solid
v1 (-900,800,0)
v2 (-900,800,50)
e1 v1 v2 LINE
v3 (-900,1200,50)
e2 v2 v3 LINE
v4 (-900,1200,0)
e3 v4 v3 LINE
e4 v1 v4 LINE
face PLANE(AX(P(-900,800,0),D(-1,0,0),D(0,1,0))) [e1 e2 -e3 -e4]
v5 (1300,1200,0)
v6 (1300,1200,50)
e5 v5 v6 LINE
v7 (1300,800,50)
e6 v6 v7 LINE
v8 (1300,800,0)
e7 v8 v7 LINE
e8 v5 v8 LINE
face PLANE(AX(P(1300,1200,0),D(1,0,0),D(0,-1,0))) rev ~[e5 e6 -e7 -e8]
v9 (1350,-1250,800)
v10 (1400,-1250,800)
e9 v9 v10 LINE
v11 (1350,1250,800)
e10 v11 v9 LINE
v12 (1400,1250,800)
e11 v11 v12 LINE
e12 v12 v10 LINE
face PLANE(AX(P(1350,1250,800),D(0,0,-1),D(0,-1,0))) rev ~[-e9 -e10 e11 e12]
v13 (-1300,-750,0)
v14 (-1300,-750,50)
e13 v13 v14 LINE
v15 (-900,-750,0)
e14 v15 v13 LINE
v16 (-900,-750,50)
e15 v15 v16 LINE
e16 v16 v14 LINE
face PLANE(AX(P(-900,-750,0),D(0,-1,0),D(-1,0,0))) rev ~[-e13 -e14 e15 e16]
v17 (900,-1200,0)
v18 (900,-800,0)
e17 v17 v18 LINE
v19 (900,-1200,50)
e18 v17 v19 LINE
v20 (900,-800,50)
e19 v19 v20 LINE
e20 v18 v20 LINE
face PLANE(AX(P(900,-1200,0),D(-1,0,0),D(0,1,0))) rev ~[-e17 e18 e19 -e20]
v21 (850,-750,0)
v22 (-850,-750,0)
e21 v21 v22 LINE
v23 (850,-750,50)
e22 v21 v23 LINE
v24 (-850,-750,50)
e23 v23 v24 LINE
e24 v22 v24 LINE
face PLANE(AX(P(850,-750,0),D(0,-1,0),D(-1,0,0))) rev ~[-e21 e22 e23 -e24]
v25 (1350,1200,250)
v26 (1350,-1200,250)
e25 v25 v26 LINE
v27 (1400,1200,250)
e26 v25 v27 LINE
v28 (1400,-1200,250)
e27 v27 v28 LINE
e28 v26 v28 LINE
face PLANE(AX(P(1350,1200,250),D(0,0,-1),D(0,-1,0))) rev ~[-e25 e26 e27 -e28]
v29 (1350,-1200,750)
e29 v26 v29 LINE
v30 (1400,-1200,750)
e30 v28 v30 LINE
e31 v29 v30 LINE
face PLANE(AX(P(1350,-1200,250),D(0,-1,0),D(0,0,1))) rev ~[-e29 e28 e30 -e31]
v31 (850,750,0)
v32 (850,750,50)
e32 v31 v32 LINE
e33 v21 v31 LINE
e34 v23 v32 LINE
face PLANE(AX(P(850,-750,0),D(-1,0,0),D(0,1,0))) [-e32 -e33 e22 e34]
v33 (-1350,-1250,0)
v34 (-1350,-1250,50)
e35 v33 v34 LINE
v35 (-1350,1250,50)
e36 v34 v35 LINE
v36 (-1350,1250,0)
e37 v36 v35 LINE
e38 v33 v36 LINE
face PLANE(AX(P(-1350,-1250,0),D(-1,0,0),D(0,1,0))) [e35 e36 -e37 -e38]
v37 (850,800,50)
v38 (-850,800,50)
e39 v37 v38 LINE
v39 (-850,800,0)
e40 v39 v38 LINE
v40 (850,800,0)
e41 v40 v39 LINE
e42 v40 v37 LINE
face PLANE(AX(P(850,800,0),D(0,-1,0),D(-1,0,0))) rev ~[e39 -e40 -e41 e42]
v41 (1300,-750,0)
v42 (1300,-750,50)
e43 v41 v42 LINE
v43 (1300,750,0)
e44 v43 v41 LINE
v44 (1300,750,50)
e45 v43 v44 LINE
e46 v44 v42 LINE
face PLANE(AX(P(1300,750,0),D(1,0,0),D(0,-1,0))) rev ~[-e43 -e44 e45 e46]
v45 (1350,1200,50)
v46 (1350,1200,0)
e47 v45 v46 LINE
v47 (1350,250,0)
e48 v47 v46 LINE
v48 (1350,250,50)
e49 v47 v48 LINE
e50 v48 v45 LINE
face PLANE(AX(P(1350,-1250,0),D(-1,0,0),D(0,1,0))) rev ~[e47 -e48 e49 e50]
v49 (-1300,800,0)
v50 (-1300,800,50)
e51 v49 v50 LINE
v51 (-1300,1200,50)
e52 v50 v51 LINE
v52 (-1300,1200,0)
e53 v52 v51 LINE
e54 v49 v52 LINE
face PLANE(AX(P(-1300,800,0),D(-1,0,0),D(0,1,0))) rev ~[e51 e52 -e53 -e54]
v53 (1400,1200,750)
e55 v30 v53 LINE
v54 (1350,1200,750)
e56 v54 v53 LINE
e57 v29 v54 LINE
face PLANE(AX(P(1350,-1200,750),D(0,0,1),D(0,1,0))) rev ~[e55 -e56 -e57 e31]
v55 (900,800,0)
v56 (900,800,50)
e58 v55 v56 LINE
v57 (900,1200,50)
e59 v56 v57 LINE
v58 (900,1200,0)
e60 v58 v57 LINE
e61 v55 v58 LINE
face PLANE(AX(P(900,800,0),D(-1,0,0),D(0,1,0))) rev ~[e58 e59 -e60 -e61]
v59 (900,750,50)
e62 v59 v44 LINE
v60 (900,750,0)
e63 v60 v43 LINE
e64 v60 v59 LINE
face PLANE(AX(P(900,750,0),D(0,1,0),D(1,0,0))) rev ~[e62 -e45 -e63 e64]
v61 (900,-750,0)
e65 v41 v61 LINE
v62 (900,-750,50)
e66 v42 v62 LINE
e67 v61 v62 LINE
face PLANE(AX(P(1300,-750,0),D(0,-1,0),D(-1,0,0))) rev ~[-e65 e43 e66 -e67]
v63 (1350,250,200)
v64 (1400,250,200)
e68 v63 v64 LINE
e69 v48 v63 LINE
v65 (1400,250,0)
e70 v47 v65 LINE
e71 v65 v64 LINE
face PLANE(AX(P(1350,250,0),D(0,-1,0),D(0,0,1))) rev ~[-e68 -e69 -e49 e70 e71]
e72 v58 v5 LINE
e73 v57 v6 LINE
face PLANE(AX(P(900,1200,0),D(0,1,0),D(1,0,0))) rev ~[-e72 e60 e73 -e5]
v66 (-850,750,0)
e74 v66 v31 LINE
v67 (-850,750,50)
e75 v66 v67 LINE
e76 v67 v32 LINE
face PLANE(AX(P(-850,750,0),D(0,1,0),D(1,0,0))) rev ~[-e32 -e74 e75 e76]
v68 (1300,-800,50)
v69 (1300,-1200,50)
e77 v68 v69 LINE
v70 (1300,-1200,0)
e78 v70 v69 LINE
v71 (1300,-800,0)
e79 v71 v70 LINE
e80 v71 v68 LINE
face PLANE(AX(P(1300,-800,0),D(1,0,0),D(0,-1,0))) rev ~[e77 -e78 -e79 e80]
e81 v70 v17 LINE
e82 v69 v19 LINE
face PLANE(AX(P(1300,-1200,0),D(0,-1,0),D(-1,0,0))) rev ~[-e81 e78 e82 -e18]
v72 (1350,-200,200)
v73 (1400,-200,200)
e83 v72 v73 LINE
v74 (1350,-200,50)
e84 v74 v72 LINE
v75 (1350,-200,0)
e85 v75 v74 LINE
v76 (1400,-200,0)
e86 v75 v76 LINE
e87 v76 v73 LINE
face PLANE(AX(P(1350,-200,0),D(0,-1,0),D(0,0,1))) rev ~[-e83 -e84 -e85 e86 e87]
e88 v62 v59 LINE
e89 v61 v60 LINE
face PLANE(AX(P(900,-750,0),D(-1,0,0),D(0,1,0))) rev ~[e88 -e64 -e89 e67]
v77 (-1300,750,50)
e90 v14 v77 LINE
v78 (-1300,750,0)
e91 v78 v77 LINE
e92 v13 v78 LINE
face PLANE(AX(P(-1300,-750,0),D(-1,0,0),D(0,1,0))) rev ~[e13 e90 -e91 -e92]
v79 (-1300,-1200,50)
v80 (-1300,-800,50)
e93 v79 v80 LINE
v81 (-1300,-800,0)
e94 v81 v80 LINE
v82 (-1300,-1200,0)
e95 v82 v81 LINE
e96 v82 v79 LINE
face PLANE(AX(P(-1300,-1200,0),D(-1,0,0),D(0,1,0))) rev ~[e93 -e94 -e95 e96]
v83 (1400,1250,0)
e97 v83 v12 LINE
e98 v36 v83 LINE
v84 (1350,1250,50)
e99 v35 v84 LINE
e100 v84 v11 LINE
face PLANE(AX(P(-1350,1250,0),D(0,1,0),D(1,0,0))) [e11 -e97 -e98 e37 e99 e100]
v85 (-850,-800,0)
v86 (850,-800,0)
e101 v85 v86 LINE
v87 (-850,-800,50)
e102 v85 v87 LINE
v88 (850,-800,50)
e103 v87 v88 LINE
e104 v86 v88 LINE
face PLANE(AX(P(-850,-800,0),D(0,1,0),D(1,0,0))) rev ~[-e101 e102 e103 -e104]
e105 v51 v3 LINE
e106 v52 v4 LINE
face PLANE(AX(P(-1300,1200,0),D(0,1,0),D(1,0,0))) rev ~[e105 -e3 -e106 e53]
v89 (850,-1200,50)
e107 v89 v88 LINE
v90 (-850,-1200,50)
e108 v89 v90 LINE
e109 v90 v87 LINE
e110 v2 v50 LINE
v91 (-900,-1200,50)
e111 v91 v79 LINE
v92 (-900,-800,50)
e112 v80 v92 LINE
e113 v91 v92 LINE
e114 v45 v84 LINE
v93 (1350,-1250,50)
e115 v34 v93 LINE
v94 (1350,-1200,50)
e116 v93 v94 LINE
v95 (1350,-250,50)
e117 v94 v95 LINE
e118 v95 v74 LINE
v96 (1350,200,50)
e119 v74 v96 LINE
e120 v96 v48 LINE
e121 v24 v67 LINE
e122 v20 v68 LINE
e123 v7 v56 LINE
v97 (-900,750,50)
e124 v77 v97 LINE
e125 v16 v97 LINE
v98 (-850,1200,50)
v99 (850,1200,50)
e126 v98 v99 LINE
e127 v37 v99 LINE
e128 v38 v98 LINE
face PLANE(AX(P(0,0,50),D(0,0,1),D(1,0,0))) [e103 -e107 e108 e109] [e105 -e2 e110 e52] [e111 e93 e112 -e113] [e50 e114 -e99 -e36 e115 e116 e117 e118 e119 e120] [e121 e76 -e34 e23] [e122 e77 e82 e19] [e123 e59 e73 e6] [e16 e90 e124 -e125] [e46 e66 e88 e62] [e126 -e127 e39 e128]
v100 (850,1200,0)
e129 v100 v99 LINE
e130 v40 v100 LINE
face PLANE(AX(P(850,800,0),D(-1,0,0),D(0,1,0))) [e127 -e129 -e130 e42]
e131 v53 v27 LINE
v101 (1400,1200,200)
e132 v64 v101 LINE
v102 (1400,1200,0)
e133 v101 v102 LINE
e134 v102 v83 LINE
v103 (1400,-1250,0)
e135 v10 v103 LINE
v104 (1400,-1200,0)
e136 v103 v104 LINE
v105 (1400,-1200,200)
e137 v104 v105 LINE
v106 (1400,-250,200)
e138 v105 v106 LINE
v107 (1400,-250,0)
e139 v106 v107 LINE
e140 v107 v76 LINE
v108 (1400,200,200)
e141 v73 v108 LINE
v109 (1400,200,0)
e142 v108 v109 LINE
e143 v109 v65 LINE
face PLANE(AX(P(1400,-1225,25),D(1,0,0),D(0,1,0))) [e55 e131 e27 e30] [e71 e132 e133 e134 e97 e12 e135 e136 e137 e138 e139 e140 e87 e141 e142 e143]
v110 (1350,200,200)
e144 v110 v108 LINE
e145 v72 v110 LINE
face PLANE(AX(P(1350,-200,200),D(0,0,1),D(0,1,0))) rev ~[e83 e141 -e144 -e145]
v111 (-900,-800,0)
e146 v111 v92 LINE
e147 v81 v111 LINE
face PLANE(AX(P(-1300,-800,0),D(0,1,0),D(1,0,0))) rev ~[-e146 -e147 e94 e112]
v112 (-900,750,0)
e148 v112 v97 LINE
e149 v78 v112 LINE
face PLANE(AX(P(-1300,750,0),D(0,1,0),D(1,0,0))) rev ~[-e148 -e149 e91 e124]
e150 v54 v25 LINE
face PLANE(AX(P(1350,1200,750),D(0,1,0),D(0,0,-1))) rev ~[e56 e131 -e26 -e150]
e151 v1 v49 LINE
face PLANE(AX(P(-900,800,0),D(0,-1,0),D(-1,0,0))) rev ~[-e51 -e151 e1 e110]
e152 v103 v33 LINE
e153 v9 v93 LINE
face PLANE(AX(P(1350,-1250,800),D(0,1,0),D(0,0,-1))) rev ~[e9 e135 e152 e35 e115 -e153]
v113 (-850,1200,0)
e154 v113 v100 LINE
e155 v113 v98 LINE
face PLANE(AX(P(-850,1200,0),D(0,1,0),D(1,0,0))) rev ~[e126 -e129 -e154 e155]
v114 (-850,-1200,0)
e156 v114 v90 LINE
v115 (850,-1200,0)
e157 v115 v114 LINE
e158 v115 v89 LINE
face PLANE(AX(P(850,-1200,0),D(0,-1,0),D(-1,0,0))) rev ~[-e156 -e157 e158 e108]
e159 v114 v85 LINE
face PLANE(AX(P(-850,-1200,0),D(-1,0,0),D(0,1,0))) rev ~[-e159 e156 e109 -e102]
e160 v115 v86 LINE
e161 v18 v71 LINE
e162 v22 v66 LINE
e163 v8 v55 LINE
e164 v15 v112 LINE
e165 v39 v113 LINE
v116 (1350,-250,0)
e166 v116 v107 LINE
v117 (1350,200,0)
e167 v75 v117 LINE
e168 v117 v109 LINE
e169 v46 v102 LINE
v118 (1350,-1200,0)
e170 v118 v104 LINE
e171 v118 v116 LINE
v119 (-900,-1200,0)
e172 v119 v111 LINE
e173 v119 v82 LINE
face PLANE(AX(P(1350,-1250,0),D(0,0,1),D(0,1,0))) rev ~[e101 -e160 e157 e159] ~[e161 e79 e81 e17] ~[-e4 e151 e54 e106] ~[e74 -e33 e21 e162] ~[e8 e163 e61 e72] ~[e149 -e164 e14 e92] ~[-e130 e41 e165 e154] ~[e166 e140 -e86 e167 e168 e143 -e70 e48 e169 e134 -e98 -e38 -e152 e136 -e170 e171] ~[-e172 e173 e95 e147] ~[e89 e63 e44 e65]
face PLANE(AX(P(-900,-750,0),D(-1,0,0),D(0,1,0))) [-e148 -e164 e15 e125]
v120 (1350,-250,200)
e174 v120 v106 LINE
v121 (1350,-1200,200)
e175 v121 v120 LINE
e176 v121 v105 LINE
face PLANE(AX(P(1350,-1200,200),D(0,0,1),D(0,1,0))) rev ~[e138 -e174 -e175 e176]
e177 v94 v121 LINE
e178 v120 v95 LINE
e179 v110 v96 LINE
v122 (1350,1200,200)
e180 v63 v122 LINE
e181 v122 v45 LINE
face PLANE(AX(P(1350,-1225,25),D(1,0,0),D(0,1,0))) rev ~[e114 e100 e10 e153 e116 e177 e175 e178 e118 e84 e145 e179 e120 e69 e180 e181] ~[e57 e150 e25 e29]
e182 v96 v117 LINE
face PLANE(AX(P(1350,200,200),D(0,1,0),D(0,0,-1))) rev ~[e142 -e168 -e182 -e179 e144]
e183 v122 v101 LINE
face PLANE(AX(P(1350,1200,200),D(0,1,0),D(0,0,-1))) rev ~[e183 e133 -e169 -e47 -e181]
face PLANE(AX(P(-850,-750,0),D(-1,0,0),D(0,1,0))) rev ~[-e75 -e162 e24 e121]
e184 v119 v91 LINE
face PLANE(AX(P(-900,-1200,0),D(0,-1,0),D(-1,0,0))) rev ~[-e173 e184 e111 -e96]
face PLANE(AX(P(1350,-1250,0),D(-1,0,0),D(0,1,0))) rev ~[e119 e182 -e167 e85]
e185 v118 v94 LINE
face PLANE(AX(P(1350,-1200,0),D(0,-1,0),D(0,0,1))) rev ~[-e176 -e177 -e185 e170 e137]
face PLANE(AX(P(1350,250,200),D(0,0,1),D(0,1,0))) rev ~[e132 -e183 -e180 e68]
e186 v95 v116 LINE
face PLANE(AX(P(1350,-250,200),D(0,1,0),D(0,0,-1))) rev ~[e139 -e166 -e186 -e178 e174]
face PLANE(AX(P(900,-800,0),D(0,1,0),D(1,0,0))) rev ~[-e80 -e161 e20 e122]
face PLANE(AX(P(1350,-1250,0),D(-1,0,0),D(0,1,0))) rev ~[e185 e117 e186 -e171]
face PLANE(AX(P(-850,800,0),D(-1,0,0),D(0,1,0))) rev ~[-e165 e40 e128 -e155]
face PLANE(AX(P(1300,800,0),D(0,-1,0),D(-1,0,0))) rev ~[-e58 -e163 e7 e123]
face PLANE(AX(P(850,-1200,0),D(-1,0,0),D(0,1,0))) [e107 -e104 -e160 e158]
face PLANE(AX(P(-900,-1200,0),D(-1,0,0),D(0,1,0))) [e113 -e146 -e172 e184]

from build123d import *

# Parameters (mm, degrees)
F0_W     = 2700
F0_H     = 2500
F0_W_2   = 50
F0_H_2   = 400
F0_H_3   = 1500
F1_DEPTH = 50
F2_W     = 50
F2_H     = 50
F2_H_2   = 150
F3_DEPTH = 50


with BuildPart() as f1:
    # F0 (on Top) → F1 (new body)
    with BuildSketch(Plane.XY):
        Rectangle(F0_W, F0_H)
        Polygon((900, 1200), (1300, 1200), (1300, 800), (1300, 750), (1300, -750), (1300, -800), (1300, -1200), (900, -1200), (850, -1200), (-850, -1200), (-900, -1200), (-1300, -1200), (-1300, -800), (-1300, -750), (-1300, 750), (-1300, 800), (-1300, 1200), (-900, 1200), (-850, 1200), (850, 1200), align=None, mode=Mode.SUBTRACT)
        with Locations((-875, 1000)):
            Rectangle(F0_W_2, F0_H_2)
        Polygon((1300, 750), (1300, 800), (900, 800), (850, 800), (-850, 800), (-900, 800), (-1300, 800), (-1300, 750), (-900, 750), (-850, 750), (850, 750), (900, 750), align=None)
        with Locations((-875, 0)):
            Rectangle(F0_W_2, F0_H_3)
        with Locations((875, 1000)):
            Rectangle(F0_W_2, F0_H_2)
        Polygon((1300, -800), (1300, -750), (900, -750), (850, -750), (-850, -750), (-900, -750), (-1300, -750), (-1300, -800), (-900, -800), (-850, -800), (850, -800), (900, -800), align=None)
        with Locations((875, 0)):
            Rectangle(F0_W_2, F0_H_3)
        with Locations((875, -1000)):
            Rectangle(F0_W_2, F0_H_2)
        with Locations((-875, -1000)):
            Rectangle(F0_W_2, F0_H_2)
    extrude(amount=F1_DEPTH)

    # F2 (on face) → F3 (join)
    with BuildSketch(Plane.YZ.offset(1350)):
        with Locations((-1225, 25)):
            Rectangle(F2_W, F2_H)
        with Locations((1225, 25)):
            Rectangle(F2_W, F2_H)
        Polygon((-1250, 800), (-1250, 50), (-1200, 50), (-1200, 200), (-1200, 250), (-1200, 750), (1200, 750), (1200, 250), (1200, 200), (1200, 50), (1250, 50), (1250, 800), align=None)
        Polygon((-1200, 250), (-1200, 200), (-250, 200), (-200, 200), (200, 200), (250, 200), (1200, 200), (1200, 250), align=None)
        with Locations((-225, 125)):
            Rectangle(F2_W, F2_H_2)
        with Locations((225, 125)):
            Rectangle(F2_W, F2_H_2)
        with Locations((225, 25)):
            Rectangle(F2_W, F2_H)
        with Locations((-225, 25)):
            Rectangle(F2_W, F2_H)
    extrude(amount=F3_DEPTH)


solid = f1.part
